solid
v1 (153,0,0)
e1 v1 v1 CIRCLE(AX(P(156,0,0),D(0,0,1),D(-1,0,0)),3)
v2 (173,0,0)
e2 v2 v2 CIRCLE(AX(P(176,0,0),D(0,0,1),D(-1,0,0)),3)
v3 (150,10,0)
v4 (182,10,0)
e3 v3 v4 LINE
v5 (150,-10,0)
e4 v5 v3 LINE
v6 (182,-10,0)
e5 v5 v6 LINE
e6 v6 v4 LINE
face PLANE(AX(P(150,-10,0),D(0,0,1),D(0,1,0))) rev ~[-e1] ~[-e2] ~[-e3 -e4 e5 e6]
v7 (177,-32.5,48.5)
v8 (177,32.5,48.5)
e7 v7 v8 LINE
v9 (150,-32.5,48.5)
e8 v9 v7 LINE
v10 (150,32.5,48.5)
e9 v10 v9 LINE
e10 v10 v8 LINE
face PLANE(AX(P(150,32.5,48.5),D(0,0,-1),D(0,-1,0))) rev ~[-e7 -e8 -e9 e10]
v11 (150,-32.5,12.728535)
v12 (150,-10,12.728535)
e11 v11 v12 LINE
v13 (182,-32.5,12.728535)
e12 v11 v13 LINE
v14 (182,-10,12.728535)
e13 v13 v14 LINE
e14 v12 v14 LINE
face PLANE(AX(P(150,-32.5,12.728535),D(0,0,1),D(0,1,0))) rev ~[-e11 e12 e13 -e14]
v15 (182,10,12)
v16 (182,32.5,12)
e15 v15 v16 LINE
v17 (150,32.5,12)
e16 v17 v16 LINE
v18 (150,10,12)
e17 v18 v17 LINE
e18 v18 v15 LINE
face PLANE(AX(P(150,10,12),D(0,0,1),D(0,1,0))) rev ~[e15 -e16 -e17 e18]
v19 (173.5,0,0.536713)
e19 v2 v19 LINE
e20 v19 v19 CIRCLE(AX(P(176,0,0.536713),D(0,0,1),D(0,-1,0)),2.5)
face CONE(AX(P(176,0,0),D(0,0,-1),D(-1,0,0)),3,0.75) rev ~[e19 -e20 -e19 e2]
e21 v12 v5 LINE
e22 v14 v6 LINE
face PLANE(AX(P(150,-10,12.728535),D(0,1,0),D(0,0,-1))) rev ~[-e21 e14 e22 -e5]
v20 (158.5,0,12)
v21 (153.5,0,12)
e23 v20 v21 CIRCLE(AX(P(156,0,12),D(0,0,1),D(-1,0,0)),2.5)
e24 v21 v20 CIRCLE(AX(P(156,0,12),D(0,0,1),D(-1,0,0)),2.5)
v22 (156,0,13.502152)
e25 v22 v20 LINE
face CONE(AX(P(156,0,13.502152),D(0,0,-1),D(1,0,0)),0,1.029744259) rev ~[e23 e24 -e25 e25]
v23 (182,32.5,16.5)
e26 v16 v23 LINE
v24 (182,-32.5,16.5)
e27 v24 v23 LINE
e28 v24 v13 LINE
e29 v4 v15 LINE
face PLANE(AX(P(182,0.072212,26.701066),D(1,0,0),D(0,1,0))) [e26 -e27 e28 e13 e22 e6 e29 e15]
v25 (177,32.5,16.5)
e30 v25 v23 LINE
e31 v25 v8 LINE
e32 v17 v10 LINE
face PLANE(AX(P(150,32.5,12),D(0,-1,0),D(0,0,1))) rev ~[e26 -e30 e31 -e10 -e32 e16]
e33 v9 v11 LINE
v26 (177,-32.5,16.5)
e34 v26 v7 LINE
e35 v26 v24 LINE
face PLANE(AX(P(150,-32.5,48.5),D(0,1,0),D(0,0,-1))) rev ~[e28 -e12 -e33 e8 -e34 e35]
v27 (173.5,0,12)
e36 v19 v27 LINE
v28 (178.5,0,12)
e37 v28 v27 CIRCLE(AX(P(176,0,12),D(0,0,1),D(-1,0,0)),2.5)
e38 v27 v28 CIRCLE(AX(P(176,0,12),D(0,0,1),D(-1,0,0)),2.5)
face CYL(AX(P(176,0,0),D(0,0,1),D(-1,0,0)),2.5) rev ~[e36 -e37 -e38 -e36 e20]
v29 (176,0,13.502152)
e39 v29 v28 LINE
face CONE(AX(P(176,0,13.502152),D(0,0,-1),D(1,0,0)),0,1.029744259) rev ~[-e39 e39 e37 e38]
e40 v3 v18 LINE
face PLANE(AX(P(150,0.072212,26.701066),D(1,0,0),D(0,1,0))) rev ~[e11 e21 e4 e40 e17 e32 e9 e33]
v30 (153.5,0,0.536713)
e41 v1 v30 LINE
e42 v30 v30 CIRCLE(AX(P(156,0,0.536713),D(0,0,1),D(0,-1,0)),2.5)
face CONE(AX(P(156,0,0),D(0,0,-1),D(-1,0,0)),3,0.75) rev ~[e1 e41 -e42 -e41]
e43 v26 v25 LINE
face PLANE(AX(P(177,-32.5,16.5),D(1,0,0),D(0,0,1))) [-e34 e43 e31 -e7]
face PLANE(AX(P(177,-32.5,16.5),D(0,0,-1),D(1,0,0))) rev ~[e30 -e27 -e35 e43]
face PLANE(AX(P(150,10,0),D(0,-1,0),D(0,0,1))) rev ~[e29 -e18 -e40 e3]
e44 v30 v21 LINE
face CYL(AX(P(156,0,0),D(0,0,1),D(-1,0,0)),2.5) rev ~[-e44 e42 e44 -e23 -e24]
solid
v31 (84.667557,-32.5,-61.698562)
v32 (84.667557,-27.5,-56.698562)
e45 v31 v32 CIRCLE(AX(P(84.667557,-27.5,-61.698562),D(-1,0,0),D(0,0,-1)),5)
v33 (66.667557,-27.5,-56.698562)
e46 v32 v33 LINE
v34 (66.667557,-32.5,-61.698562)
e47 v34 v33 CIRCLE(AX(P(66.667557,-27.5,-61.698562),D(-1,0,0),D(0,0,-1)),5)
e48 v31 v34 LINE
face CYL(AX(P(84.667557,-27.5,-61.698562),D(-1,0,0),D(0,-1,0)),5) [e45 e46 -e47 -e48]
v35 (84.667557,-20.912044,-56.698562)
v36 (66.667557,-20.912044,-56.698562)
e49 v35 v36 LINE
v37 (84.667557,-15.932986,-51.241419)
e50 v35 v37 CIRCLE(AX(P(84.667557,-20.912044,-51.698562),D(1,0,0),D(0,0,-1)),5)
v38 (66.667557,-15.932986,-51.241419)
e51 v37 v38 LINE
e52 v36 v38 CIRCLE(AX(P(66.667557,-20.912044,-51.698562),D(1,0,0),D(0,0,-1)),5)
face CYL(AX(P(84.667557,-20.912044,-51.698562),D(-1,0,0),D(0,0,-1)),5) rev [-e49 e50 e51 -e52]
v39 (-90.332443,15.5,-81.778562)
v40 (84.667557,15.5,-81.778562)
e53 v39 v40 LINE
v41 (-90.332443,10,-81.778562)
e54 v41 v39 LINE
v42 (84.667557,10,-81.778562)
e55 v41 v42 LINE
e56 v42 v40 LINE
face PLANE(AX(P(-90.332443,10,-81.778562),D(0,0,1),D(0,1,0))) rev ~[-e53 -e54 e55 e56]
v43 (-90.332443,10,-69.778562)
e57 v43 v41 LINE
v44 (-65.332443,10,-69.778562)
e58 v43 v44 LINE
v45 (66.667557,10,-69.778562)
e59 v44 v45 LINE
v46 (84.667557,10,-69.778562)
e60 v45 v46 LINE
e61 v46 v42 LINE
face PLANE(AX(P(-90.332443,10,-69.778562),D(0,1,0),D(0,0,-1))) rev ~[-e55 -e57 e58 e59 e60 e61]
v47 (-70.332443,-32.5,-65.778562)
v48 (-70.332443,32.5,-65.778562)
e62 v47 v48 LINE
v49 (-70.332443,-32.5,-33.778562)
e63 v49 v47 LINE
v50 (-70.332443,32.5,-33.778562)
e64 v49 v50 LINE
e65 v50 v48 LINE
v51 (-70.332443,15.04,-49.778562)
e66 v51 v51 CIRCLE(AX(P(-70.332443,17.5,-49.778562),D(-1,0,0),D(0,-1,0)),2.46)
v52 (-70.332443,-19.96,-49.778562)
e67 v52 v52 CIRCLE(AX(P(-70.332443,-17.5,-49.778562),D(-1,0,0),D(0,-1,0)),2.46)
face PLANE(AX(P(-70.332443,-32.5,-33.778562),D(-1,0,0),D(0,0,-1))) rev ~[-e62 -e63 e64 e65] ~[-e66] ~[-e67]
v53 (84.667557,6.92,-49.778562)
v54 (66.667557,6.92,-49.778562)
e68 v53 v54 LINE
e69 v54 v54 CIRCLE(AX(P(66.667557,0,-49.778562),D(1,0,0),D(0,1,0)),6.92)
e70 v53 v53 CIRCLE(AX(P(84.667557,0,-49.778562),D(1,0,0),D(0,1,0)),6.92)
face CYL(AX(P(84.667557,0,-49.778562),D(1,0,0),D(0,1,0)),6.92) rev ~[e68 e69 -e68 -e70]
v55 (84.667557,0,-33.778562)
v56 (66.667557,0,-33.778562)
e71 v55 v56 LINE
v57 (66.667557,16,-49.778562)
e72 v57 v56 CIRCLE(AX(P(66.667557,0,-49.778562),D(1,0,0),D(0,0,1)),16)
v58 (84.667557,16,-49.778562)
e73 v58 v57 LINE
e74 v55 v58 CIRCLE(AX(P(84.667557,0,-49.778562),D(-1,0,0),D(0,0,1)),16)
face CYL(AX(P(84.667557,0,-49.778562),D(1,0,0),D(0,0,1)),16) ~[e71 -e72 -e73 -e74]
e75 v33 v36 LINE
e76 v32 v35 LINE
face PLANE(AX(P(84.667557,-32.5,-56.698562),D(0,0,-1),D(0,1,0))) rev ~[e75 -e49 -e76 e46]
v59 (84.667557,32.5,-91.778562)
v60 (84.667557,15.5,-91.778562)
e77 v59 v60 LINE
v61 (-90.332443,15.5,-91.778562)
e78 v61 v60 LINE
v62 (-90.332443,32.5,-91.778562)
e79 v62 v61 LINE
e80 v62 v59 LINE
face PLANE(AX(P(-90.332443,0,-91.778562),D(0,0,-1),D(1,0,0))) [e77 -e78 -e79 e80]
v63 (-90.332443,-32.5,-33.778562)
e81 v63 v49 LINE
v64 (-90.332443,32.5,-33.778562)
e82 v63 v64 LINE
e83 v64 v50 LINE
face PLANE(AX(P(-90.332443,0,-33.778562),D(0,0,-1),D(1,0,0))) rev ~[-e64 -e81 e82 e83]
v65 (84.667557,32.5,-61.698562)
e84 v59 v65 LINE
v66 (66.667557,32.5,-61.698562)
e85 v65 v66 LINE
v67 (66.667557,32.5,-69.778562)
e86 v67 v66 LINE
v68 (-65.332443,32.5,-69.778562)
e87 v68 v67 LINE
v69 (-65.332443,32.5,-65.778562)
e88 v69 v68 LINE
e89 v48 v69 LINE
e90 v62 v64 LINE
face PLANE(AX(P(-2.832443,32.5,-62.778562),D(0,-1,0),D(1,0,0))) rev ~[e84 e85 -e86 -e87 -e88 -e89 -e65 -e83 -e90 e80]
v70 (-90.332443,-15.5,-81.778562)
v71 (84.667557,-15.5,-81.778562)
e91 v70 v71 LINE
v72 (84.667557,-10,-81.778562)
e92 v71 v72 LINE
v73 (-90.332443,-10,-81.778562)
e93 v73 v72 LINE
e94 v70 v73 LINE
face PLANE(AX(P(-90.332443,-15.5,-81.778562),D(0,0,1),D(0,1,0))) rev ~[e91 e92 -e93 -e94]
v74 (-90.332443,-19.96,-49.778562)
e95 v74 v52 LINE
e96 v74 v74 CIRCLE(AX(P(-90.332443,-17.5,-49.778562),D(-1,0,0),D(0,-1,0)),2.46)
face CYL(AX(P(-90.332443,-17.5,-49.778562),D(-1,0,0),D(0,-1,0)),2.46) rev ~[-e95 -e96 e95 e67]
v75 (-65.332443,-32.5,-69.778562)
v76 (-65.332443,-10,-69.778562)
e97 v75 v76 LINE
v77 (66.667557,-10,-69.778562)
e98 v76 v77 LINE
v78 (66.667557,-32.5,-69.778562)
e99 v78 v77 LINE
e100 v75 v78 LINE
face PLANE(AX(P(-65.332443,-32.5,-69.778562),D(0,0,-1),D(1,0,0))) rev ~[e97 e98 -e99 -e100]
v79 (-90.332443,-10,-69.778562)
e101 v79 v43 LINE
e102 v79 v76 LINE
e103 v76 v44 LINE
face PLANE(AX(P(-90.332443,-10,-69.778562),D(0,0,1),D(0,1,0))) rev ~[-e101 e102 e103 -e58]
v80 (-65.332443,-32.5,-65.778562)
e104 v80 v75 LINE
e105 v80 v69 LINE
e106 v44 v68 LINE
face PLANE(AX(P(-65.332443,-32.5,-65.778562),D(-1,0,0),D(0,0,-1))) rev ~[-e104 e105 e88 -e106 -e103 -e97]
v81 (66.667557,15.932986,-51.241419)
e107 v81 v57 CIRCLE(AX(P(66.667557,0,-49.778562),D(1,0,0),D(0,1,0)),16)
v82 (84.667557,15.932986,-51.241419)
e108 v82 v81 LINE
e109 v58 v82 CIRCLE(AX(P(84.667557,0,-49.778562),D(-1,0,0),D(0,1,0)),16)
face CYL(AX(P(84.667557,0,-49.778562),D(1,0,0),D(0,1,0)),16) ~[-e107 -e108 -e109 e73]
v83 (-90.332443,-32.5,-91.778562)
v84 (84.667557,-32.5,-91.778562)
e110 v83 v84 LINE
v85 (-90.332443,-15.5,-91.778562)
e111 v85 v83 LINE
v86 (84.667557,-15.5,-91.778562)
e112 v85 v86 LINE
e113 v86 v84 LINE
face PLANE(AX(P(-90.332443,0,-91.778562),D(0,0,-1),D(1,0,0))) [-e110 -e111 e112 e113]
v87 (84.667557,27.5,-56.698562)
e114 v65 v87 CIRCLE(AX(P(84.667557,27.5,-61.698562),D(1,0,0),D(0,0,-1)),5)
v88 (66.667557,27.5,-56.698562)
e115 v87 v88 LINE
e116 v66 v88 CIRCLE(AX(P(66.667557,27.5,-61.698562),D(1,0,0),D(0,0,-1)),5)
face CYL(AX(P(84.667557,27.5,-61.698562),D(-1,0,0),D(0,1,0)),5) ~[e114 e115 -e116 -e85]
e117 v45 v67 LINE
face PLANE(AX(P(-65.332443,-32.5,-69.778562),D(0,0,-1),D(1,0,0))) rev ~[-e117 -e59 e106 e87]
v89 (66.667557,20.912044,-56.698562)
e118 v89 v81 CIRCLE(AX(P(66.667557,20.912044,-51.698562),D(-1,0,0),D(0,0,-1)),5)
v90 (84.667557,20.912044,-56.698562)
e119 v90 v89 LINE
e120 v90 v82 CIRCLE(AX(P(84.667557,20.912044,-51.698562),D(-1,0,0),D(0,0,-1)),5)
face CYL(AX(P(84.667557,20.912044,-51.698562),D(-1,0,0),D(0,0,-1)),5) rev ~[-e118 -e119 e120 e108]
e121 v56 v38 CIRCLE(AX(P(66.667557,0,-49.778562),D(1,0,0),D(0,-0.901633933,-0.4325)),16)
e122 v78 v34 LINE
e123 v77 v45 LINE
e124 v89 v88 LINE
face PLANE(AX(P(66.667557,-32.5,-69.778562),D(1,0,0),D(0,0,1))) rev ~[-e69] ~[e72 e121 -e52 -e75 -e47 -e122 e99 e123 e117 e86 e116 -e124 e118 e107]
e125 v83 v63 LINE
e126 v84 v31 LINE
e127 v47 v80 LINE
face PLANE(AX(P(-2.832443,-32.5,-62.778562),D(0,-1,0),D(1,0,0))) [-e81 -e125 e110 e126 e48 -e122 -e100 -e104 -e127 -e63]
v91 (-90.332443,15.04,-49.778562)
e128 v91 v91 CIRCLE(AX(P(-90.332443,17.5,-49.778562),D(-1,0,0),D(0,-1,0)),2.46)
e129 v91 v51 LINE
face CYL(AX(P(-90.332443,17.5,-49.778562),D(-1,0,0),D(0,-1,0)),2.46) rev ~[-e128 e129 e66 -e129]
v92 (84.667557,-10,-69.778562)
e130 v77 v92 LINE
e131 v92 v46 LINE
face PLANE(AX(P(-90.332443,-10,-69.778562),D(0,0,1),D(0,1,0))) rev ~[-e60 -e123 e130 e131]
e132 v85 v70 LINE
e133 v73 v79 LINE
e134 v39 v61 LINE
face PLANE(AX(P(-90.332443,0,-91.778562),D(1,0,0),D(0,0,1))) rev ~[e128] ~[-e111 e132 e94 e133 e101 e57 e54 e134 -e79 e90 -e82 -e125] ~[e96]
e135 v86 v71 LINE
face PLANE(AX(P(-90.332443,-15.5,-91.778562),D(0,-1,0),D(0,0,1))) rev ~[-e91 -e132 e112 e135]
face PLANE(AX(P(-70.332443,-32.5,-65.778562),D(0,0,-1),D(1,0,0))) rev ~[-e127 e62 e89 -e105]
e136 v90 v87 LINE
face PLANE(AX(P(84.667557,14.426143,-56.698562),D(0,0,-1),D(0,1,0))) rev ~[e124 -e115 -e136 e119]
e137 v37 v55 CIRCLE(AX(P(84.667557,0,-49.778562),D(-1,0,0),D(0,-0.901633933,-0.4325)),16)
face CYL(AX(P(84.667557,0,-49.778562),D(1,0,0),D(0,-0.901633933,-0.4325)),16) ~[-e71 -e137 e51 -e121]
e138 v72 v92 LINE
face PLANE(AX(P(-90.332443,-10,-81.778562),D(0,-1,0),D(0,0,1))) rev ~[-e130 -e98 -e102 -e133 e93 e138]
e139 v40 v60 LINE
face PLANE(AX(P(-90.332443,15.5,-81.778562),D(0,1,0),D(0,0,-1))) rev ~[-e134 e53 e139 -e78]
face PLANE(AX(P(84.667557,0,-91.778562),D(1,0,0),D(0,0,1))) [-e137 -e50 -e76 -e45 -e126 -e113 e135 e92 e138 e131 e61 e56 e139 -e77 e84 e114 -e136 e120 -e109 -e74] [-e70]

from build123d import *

# Parameters (mm, degrees)
F0_W            = 175
F0_H            = 58
F1_DEPTH        = 32.5
F3_DEPTH        = 175
F5_DEPTH        = 65
F6_R            = 6.92
F7_DEPTH        = 25
F8_R            = 5
F9_R            = 2.46
F10_DEPTH       = 25
F13_DEPTH       = 32
F14_W           = 5
F14_H           = 32
F15_DEPTH       = 70
F17_D           = 5
F17_DEPTH       = 12
F17_CSINK_D     = 6
F17_CSINK_ANGLE = 85.9436692696
F17_TIP         = 1.5021515476


with BuildPart() as f1:
    # F0 (on Front) → F1 (new body, symmetric)
    with BuildSketch(Plane.XZ):
        with Locations((-2.832442522, -62.7785622664)):
            Rectangle(F0_W, F0_H)
    extrude(amount=F1_DEPTH, both=True)

    # F2 (on face) → F3 (cut)
    with BuildSketch(Plane(origin=(-90.332442522, 0, 0), x_dir=(0, -1, 0), z_dir=(-1, 0, 0))):
        Polygon((-15.5, -91.7785622664), (0, -91.7785622664), (15.5, -91.7785622664), (15.5, -81.7785622664), (10, -81.7785622664), (10, -69.7785622664), (0, -69.7785622664), (-10, -69.7785622664), (-10, -81.7785622664), (-15.5, -81.7785622664), align=None)
    extrude(amount=-F3_DEPTH, mode=Mode.SUBTRACT)

    # F4 (on face) → F5 (cut)
    with BuildSketch(Plane.XZ.offset(32.5)):
        Polygon((-70.332442522, -33.7785622664), (-70.332442522, -65.7785622664), (-65.332442522, -65.7785622664), (-65.332442522, -69.7785622664), (66.667557478, -69.7785622664), (66.667557478, -33.7785622664), align=None)
    extrude(amount=-F5_DEPTH, mode=Mode.SUBTRACT)

    # F6 (on face) → F7 (cut)
    with BuildSketch(Plane.YZ.offset(84.667557478)):
        with BuildLine():
            ThreePointArc((0, -33.7785622664), (11.313708499, -38.4648537674), (16, -49.7785622664))
            ThreePointArc((16, -49.7785622664), (15.6015750322, -53.32692196), (14.4261429357, -56.6985622664))
            Line((14.4261429357, -56.6985622664), (32.5, -56.6985622664))
            Line((32.5, -56.6985622664), (32.5, -33.7785622664))
            Line((32.5, -33.7785622664), (0, -33.7785622664))
        make_face()
        with BuildLine():
            ThreePointArc((-14.4261429357, -56.6985622664), (-13.5410487038, -41.2556519654), (0, -33.7785622664))
            Line((0, -33.7785622664), (-32.5, -33.7785622664))
            Line((-32.5, -33.7785622664), (-32.5, -56.6985622664))
            Line((-32.5, -56.6985622664), (-14.4261429357, -56.6985622664))
        make_face()
        with Locations((0, -49.7785622664)):
            Circle(F6_R)
    extrude(amount=-F7_DEPTH, mode=Mode.SUBTRACT)

    # F8
    f8_edges = [f1.edges().sort_by_distance(p)[0] for p in [
        (75.667557, -14.426143, -56.698562),
        (75.667557, 14.426143, -56.698562),
        (75.667557, 32.5, -56.698562),
        (75.667557, -32.5, -56.698562),
    ]]
    fillet(f8_edges, radius=F8_R)

    # F9 (on face) → F10 (cut)
    with BuildSketch(Plane(origin=(-90.332442522, 0, 0), x_dir=(0, -1, 0), z_dir=(-1, 0, 0))):
        with Locations((17.5, -49.7785622664)):
            Circle(F9_R)
        with Locations((-17.5, -49.7785622664)):
            Circle(F9_R)
    extrude(amount=-F10_DEPTH, mode=Mode.SUBTRACT)


with BuildPart() as f13:
    # F12 (on offset) → F13 (new body)
    with BuildSketch(Plane.YZ.offset(150)):
        Polygon((0, 0), (10, 0), (10, 12), (32.5, 12), (32.5, 48.5), (0, 48.5), (-32.5, 48.5), (-32.5, 12.7285346389), (-10, 12.7285346389), (-10, 0), align=None)
    extrude(amount=F13_DEPTH)

    # F14 (on face) → F15 (cut)
    with BuildSketch(Plane.XZ.offset(32.5)):
        with Locations((179.5, 32.5)):
            Rectangle(F14_W, F14_H)
    extrude(amount=-F15_DEPTH, mode=Mode.SUBTRACT)

    # F17
    with Locations(Plane(origin=(0, 0, 0), x_dir=(1, 0, 0), z_dir=(0, 0, -1))):
        with Locations((176, 0), (156, 0)):
            CounterSinkHole(F17_D / 2, F17_CSINK_D / 2, depth=F17_DEPTH, counter_sink_angle=F17_CSINK_ANGLE)
            with Locations((0, 0, -(F17_DEPTH + F17_TIP / 2))):  # 118° drill point
                Cone(0, F17_D / 2, F17_TIP, mode=Mode.SUBTRACT)


solid = Compound([f1.part, f13.part])
